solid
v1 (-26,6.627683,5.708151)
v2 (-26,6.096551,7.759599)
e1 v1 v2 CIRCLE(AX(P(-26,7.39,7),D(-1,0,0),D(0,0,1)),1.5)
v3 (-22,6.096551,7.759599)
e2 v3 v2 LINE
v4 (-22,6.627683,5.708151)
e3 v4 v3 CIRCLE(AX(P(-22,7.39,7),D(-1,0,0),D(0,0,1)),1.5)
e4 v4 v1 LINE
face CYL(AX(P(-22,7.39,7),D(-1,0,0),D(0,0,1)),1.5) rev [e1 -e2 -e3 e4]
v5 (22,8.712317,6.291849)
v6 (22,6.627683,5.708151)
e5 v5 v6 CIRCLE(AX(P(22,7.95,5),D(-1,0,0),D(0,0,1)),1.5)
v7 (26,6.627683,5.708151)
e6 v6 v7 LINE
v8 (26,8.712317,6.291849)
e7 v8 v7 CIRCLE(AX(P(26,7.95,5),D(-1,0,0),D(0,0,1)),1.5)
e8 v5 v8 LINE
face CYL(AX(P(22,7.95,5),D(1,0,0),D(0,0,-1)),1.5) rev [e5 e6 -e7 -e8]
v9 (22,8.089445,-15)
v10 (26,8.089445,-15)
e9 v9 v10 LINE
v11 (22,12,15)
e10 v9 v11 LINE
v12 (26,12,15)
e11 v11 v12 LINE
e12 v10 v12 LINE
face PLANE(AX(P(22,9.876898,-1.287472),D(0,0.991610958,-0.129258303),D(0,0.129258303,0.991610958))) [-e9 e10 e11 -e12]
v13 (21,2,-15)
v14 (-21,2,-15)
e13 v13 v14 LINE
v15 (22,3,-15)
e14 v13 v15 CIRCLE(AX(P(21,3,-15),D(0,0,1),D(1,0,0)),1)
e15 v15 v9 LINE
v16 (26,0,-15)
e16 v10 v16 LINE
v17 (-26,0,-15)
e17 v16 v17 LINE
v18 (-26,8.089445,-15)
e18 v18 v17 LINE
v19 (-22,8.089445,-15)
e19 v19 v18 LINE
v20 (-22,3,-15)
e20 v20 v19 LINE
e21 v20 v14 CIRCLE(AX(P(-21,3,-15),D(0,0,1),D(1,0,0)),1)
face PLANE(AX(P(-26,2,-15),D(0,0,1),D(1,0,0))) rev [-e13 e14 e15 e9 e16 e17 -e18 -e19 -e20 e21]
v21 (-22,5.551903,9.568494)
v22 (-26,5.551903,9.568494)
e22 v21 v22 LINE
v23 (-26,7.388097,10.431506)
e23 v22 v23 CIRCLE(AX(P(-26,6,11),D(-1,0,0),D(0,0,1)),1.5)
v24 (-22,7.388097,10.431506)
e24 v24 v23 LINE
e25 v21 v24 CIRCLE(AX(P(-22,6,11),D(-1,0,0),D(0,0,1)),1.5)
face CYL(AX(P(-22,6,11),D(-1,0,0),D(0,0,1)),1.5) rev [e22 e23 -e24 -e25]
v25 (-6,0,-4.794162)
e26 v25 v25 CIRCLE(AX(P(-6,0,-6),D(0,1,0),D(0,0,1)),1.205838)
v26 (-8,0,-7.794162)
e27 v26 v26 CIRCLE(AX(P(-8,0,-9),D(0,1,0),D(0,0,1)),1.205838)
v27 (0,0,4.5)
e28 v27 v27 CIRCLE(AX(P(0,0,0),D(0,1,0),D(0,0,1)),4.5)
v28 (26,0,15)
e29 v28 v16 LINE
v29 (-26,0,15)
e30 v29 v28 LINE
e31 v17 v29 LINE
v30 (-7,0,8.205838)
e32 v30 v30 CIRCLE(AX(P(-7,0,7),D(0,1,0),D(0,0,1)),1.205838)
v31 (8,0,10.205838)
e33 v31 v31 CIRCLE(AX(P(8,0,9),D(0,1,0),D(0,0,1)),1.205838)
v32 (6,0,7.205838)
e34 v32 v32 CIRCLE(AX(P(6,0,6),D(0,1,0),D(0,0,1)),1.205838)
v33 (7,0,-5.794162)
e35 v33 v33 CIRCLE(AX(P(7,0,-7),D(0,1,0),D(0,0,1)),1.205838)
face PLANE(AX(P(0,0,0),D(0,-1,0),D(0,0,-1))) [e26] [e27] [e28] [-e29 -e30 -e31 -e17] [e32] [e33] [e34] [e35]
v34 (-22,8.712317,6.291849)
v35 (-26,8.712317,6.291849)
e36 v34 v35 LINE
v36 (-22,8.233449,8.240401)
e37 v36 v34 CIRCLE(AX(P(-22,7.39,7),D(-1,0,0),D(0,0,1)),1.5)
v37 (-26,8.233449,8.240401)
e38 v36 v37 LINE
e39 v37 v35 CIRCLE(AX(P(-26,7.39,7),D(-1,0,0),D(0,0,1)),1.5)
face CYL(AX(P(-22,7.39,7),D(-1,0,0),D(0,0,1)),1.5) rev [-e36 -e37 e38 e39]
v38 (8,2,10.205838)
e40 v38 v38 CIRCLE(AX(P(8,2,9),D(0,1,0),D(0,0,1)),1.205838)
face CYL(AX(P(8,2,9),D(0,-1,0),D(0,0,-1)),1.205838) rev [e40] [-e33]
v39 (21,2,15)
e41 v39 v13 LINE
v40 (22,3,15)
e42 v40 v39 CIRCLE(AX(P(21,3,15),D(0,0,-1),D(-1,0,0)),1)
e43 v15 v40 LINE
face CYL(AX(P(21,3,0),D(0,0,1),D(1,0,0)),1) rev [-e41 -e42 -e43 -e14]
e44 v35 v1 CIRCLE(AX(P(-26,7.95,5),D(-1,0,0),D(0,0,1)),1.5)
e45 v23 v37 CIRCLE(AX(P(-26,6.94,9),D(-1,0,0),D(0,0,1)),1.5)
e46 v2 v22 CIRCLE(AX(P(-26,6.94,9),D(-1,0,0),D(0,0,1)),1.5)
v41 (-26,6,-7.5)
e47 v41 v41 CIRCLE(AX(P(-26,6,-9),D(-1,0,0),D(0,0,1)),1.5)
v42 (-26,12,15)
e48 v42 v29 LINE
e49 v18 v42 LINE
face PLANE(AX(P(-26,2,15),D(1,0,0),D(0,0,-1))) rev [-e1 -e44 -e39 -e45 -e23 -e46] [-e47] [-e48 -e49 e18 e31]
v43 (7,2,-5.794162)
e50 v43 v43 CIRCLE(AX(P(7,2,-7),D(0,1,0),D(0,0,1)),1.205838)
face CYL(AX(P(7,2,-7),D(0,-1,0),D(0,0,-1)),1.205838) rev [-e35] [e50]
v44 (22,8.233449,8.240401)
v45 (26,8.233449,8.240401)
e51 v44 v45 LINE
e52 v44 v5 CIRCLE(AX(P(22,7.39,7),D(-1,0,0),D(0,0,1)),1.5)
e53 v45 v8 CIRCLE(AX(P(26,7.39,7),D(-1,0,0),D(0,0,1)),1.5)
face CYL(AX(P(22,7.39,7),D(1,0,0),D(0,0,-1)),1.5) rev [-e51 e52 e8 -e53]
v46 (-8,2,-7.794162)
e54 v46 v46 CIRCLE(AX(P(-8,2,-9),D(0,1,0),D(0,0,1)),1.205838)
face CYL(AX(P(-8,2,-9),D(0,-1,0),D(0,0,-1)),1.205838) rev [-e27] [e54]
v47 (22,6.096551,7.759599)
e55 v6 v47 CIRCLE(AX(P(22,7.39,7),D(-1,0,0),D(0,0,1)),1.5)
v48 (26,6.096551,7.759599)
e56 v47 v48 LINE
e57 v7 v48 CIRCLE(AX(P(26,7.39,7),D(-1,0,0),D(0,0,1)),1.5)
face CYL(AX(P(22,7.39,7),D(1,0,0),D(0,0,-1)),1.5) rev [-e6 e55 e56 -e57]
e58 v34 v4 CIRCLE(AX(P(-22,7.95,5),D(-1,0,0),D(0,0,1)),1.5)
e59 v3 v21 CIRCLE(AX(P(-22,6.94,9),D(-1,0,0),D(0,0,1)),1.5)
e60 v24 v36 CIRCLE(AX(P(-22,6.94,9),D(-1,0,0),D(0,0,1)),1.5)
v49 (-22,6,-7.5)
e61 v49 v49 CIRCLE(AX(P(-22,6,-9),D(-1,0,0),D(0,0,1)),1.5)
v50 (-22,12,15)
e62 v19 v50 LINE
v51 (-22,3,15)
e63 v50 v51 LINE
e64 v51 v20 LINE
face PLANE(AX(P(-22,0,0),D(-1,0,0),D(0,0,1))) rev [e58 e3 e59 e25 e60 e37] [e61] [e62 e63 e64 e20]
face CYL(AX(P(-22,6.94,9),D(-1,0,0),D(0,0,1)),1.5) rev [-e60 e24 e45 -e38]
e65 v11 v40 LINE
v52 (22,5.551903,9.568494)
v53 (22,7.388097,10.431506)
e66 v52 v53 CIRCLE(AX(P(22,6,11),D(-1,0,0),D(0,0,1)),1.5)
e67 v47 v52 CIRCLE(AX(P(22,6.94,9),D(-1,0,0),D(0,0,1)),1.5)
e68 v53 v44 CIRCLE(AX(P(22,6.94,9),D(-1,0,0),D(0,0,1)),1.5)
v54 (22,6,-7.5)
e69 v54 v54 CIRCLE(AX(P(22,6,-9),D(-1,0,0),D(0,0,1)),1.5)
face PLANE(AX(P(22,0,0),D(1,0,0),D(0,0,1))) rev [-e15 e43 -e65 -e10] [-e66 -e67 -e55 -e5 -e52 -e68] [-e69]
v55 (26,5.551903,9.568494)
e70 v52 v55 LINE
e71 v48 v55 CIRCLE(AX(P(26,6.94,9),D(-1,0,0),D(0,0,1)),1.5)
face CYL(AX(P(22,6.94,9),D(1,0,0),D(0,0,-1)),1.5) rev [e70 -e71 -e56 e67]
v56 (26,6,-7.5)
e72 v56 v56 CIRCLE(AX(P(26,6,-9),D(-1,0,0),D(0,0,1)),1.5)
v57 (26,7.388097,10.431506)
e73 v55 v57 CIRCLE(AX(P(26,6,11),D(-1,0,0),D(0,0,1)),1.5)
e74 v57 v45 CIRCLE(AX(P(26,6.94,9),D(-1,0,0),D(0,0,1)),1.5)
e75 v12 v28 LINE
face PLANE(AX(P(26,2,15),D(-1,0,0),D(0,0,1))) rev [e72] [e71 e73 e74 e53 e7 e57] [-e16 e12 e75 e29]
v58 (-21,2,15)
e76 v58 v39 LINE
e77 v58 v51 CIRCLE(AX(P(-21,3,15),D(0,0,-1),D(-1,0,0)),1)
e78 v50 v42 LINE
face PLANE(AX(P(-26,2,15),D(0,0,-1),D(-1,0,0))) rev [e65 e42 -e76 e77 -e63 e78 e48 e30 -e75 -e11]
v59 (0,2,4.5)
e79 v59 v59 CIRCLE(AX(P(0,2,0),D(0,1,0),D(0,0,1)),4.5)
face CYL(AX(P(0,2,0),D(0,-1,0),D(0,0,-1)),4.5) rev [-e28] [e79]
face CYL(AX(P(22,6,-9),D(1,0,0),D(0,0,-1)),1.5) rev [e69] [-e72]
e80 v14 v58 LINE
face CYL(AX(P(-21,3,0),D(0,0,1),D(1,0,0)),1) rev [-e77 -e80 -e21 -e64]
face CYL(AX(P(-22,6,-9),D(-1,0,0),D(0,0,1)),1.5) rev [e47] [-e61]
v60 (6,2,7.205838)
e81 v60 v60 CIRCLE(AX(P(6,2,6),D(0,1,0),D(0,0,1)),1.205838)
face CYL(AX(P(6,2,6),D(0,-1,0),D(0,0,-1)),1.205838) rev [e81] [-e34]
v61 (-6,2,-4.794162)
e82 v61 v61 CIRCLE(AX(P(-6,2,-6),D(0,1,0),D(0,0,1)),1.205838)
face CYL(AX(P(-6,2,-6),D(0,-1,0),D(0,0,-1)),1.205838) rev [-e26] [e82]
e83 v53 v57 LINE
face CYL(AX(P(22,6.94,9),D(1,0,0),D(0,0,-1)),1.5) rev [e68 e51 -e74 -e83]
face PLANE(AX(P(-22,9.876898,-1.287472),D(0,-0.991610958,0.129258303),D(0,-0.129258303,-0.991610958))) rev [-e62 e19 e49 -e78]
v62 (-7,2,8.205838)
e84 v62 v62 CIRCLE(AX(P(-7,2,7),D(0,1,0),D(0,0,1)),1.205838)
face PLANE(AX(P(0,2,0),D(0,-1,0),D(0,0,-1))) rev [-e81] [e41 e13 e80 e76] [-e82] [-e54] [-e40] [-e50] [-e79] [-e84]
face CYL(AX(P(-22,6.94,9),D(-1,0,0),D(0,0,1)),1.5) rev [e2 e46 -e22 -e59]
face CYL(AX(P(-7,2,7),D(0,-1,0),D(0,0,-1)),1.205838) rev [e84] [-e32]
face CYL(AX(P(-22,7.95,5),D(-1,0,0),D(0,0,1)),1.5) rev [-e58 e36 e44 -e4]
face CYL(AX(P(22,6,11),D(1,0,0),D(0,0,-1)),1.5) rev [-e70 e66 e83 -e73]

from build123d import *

# Parameters (mm, degrees)
ESBO_O1_W                = 52
ESBO_O1_H                = 30
ESBO_O1_R                = 4.5
ESBO_O1_R_2              = 1.205837633
RESSALTO_EXTRUS_O1_DEPTH = 2
ESBO_O2_R                = 1.5
RESSALTO_EXTRUS_O2_DEPTH = 4
FILETE3_R                = 1


with BuildPart() as part:
    # Esboço1 → Ressalto-extrusão1 (new body)
    with BuildSketch(Plane(origin=(0, 0, 0), x_dir=(1, 0, 0), z_dir=(0, 1, 0))):
        Rectangle(ESBO_O1_W, ESBO_O1_H)
        Circle(ESBO_O1_R, mode=Mode.SUBTRACT)
        with Locations((7, 7)):
            Circle(ESBO_O1_R_2, mode=Mode.SUBTRACT)
        with Locations((-6, 6)):
            Circle(ESBO_O1_R_2, mode=Mode.SUBTRACT)
        with Locations((-8, 9)):
            Circle(ESBO_O1_R_2, mode=Mode.SUBTRACT)
        with Locations((-7, -7)):
            Circle(ESBO_O1_R_2, mode=Mode.SUBTRACT)
        with Locations((6, -6)):
            Circle(ESBO_O1_R_2, mode=Mode.SUBTRACT)
        with Locations((8, -9)):
            Circle(ESBO_O1_R_2, mode=Mode.SUBTRACT)
    extrude(amount=RESSALTO_EXTRUS_O1_DEPTH)

    # Esboço2 → Ressalto-extrusão2 (add)
    with BuildSketch(Plane.ZY.offset(26)):
        Polygon((15, 2), (15, 12), (-15, 8.089445099), (-15, 2), align=None)
        with Locations((-9, 6)):
            Circle(ESBO_O2_R, mode=Mode.SUBTRACT)
        with BuildLine():
            ThreePointArc((8.240400933, 8.233448591), (9.539925295, 8.339457279), (10.431505763, 7.388097368))
            ThreePointArc((10.431505763, 7.388097368), (11.835840488, 7.245540316), (12.5, 6))
            ThreePointArc((12.5, 6), (11.226651005, 4.51722243), (9.568494237, 5.551902632))
            ThreePointArc((9.568494237, 5.551902632), (8.567535869, 5.503694052), (7.759599067, 6.096551409))
            ThreePointArc((7.759599067, 6.096551409), (6.624037685, 5.937880054), (5.708151293, 6.62768319))
            ThreePointArc((5.708151293, 6.62768319), (3.55555397, 8.354444888), (6.291848707, 8.71231681))
            ThreePointArc((6.291848707, 8.71231681), (7.357982, 8.84665675), (8.240400933, 8.233448591))
        make_face(mode=Mode.SUBTRACT)
    ressalto_extrus_o2 = extrude(amount=-RESSALTO_EXTRUS_O2_DEPTH)

    # Espelhar1: Ressalto-extrusão2 across plane
    add(ressalto_extrus_o2.mirror(Plane(origin=(0, 0, 0), x_dir=(0, 0, 1), z_dir=(1, 0, 0))))

    # Filete3
    filete3_edges = [part.edges().sort_by_distance(p)[0] for p in [
        (22, 2, 0),
        (-22, 2, 0),
    ]]
    fillet(filete3_edges, radius=FILETE3_R)


solid = part.part
